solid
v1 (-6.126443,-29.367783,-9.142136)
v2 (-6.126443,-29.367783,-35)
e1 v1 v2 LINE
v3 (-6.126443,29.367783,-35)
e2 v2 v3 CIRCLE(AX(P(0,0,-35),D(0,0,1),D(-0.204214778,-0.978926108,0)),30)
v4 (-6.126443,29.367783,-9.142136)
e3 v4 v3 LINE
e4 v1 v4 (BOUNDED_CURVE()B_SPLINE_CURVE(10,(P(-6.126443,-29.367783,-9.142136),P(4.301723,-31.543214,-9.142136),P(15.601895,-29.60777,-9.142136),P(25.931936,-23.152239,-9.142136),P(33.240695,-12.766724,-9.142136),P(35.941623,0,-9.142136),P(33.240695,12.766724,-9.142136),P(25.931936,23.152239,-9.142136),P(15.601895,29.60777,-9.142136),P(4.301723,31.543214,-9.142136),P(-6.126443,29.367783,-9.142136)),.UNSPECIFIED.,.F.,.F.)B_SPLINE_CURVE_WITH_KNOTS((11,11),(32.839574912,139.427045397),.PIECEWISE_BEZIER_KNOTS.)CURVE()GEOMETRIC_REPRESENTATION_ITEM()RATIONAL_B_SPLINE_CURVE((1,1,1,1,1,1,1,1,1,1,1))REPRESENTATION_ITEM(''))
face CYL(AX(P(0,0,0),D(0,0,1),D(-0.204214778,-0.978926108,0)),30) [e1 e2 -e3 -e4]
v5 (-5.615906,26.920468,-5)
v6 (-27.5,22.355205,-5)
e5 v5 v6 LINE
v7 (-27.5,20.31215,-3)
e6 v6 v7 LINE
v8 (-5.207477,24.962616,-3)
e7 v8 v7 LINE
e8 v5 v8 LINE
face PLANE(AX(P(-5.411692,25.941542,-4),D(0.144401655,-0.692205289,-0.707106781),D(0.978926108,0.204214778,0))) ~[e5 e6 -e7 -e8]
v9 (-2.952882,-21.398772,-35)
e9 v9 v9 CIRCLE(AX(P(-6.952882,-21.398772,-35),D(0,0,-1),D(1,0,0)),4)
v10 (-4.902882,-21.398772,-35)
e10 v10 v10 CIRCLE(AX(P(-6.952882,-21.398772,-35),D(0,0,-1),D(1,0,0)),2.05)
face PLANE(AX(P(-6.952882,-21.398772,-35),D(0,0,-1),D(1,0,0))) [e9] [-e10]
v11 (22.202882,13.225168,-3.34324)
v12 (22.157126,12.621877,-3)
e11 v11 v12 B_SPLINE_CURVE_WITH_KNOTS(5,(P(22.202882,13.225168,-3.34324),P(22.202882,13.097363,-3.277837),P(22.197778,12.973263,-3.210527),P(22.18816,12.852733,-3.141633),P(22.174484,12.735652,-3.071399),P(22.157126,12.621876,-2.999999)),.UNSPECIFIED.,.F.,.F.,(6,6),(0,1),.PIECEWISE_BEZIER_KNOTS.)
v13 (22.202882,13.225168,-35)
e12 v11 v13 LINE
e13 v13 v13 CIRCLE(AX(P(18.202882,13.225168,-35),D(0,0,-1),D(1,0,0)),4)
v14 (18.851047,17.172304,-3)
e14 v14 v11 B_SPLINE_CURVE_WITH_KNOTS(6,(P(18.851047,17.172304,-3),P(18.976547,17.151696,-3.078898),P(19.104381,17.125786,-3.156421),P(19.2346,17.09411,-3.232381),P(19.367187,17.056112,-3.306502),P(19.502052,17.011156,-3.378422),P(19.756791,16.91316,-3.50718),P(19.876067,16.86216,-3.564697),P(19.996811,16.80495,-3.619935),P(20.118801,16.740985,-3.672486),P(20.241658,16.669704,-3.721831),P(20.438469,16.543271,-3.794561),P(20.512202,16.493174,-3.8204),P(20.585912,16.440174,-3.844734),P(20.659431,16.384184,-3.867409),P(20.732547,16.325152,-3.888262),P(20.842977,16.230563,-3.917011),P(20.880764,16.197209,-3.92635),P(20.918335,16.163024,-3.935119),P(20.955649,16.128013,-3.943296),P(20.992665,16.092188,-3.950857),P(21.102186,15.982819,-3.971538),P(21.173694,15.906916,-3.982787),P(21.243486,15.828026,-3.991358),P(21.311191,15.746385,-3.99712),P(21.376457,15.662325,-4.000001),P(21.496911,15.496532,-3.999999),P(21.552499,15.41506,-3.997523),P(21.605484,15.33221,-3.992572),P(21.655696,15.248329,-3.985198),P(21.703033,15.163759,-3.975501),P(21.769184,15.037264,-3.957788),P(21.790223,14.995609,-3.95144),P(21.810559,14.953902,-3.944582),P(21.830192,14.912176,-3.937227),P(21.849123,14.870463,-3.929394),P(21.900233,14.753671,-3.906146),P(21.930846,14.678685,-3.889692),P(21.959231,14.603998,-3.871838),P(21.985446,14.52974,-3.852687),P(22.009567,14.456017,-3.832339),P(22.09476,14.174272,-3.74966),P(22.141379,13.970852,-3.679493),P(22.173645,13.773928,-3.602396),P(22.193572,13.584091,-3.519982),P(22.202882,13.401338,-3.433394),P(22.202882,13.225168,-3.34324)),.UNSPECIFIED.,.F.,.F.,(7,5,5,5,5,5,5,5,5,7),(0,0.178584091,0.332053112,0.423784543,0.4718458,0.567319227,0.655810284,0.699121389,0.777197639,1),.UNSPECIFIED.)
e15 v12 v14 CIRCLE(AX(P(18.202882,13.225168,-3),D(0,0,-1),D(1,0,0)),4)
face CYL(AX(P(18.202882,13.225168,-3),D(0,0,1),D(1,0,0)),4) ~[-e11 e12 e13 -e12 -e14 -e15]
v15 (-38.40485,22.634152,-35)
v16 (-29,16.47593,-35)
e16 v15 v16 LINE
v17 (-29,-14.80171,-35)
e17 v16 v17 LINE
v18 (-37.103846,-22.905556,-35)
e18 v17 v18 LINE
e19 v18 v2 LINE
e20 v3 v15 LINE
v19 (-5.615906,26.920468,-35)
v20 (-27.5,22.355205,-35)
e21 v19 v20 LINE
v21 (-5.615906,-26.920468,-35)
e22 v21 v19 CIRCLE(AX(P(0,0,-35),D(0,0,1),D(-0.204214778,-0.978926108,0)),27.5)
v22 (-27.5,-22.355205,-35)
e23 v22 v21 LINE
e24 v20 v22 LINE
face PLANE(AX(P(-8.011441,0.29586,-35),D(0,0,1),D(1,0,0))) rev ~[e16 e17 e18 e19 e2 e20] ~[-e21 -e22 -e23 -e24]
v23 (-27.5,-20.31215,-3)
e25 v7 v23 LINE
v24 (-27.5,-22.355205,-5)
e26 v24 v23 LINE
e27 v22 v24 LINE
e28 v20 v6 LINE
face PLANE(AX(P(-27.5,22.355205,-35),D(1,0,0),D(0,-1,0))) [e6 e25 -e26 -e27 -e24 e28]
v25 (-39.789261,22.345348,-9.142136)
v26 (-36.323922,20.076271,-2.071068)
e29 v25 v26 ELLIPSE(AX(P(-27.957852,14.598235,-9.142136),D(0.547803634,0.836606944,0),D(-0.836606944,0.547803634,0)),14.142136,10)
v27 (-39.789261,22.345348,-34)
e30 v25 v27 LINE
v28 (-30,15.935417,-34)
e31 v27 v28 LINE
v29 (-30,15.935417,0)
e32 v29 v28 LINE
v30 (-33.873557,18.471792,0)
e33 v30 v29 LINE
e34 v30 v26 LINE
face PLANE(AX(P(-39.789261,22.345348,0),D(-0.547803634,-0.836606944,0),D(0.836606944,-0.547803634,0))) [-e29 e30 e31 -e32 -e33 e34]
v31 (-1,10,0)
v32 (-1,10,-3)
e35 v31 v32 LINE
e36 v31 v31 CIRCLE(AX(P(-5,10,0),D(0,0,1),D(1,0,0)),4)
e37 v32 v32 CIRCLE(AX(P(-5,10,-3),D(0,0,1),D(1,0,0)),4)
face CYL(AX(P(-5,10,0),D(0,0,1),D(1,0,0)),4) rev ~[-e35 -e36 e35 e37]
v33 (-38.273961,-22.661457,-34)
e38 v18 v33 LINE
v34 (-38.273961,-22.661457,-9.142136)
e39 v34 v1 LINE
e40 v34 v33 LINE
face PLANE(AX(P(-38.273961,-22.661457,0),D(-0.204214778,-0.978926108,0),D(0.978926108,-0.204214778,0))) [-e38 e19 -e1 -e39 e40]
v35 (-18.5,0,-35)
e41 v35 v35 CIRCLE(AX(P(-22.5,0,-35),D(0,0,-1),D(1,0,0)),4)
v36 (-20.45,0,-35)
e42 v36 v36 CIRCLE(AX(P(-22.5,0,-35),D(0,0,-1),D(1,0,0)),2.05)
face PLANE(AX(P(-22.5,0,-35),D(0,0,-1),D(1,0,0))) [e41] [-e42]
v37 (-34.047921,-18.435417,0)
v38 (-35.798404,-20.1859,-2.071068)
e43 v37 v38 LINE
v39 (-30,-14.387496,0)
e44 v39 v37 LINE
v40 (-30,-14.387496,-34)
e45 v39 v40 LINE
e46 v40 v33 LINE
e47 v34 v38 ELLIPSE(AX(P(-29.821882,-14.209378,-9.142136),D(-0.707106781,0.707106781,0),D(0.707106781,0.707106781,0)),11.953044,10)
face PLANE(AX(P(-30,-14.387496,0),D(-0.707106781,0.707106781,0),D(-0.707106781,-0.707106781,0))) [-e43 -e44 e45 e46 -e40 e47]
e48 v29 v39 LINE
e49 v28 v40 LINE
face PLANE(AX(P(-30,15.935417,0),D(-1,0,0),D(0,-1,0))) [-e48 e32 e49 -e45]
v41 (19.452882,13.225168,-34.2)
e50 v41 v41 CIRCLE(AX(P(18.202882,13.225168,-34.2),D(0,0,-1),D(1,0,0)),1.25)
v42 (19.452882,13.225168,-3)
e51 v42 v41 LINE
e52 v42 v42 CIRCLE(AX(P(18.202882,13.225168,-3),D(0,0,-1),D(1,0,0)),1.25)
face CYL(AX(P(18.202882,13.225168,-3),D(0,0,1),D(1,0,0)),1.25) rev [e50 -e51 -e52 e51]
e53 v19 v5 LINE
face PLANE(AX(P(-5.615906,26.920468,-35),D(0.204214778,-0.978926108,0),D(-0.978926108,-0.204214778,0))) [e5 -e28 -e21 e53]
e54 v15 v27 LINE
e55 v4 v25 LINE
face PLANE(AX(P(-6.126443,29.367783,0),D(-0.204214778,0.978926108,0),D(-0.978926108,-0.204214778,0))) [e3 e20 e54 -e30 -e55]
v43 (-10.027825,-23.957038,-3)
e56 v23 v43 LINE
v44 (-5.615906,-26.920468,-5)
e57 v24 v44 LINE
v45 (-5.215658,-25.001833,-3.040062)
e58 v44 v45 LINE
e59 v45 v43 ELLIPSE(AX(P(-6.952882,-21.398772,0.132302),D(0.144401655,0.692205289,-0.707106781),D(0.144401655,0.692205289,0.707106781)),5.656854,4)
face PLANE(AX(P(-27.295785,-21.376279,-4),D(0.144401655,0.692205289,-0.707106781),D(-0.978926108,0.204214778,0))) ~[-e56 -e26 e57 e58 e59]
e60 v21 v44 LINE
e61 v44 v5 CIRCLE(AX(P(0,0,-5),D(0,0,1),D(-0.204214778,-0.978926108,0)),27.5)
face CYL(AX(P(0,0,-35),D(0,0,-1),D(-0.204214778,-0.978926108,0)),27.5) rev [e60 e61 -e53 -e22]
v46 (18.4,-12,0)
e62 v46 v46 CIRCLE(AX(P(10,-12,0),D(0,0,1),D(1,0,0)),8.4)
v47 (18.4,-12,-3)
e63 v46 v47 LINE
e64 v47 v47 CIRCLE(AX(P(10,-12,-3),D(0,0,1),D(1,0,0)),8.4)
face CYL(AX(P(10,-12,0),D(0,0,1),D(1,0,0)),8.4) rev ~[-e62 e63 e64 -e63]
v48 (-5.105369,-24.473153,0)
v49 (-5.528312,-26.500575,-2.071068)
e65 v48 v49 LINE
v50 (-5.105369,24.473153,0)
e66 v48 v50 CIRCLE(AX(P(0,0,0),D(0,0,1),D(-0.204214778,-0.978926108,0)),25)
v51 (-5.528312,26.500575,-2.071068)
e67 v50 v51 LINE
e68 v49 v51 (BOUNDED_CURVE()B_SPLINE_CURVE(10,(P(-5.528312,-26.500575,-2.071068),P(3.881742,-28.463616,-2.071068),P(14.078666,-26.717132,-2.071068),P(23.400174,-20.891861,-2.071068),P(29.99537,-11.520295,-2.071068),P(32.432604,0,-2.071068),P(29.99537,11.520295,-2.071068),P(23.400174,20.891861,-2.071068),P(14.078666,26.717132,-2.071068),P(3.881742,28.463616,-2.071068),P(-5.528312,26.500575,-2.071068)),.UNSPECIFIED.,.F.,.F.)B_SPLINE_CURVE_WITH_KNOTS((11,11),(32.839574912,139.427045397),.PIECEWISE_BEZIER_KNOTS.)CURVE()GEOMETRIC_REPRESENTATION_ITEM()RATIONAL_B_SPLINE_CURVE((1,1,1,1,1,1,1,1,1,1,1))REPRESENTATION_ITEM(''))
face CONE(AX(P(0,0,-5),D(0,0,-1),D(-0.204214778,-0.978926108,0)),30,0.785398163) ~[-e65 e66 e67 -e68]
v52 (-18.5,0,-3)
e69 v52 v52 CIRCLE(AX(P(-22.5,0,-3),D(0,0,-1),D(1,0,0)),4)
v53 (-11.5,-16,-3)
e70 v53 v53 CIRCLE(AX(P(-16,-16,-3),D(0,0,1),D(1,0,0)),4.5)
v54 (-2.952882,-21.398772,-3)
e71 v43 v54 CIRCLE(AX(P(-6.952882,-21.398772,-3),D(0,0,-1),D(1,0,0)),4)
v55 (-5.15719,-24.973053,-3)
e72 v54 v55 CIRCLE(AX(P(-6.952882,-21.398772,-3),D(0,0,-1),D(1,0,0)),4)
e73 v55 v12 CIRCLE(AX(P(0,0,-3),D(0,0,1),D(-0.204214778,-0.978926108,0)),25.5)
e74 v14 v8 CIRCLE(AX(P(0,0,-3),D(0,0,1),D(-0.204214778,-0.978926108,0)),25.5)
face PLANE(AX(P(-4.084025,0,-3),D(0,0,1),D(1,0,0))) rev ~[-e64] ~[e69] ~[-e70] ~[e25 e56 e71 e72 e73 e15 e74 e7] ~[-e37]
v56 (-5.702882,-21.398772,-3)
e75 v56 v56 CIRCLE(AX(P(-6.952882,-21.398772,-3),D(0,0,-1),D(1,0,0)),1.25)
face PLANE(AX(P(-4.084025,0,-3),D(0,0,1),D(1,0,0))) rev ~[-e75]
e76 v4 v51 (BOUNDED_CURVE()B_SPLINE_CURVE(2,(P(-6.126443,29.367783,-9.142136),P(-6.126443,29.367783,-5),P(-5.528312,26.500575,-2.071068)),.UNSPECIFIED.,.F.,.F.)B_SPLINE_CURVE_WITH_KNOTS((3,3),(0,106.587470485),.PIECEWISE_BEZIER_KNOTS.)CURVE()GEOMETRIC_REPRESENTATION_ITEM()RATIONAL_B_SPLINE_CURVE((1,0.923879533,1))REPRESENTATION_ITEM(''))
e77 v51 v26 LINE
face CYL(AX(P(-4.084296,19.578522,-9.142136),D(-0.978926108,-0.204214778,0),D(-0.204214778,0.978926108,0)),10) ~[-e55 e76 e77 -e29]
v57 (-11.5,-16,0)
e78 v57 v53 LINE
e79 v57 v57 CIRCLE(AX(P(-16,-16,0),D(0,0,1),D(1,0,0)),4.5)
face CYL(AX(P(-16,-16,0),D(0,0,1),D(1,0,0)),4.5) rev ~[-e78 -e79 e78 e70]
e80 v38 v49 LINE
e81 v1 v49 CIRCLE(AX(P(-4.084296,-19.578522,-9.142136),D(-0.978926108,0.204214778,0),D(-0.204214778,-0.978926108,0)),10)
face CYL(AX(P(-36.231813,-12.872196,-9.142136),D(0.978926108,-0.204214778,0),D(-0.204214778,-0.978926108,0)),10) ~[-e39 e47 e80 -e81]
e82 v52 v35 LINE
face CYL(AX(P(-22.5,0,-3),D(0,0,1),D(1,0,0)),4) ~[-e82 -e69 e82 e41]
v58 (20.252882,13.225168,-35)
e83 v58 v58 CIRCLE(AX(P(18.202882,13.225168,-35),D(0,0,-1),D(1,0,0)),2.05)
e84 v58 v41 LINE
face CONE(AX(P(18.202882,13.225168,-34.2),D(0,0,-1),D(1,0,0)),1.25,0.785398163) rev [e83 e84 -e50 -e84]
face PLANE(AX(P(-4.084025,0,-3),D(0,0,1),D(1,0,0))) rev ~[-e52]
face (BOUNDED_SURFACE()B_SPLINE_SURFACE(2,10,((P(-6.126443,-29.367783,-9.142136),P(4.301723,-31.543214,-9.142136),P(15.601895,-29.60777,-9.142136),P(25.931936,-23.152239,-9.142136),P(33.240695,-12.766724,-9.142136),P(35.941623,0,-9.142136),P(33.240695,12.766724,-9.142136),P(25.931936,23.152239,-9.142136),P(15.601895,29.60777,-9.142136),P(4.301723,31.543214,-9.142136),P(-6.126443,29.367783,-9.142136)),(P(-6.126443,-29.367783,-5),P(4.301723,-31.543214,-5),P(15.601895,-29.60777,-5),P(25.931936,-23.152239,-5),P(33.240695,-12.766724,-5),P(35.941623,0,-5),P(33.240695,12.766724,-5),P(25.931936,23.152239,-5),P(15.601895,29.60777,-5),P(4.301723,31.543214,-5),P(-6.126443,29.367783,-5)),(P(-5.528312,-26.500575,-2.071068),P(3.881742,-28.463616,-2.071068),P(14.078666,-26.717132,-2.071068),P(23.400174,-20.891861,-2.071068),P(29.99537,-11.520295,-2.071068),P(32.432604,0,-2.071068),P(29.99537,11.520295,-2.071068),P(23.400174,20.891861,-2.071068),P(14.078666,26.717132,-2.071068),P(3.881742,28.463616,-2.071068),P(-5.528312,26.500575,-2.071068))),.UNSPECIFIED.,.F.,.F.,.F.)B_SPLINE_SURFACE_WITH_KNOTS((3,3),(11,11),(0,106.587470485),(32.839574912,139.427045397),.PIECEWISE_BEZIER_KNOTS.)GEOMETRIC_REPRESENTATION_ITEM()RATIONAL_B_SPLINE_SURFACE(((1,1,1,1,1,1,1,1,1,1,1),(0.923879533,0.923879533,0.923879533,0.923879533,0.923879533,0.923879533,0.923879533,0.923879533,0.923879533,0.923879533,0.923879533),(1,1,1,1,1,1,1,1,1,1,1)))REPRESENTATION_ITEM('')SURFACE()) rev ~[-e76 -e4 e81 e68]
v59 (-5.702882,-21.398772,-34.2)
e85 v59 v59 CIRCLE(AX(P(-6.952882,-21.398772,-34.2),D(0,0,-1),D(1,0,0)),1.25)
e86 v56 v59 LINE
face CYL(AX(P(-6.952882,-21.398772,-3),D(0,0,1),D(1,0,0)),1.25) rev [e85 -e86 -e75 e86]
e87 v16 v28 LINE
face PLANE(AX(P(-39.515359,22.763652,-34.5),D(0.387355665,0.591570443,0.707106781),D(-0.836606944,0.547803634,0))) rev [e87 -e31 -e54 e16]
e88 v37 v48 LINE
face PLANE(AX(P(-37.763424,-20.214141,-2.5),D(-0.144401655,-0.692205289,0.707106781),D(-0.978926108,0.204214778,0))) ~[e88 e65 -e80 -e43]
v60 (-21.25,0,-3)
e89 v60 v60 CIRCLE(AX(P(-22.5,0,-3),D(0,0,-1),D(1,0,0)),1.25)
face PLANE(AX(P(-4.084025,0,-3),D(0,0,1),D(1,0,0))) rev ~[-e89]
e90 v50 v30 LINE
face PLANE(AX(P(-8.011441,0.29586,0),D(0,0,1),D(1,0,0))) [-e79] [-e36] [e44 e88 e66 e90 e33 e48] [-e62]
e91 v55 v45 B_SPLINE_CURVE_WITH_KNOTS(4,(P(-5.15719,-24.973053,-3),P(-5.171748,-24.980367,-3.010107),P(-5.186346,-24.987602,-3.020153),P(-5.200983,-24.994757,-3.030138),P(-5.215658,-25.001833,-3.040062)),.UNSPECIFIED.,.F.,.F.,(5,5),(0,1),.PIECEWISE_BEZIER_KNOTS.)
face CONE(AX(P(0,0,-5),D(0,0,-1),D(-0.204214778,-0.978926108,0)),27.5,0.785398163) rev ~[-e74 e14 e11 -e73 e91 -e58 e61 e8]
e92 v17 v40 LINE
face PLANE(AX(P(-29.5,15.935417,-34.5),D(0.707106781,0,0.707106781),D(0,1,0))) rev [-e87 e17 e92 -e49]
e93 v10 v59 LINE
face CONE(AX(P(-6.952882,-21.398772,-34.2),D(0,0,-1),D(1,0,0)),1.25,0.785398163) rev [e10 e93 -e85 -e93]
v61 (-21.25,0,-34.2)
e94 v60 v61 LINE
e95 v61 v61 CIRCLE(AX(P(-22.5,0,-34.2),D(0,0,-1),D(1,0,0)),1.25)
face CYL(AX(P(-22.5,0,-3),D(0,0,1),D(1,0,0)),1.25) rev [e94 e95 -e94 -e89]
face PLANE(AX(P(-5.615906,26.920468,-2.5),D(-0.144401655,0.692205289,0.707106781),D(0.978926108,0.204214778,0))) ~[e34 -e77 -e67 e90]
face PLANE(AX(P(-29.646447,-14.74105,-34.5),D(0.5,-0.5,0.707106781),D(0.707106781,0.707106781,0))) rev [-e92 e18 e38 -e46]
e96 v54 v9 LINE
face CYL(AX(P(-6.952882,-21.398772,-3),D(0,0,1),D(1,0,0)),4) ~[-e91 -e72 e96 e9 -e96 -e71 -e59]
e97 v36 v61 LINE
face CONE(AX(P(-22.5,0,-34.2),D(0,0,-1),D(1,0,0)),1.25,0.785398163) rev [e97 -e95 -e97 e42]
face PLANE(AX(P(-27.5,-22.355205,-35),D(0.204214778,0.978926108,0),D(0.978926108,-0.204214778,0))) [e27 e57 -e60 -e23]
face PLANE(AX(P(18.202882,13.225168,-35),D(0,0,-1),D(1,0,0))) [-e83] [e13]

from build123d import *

# Parameters (mm, degrees)
CROQUIS13_R             = 4.5
CROQUIS13_R_2           = 8.4
CROQUIS13_R_3           = 4
SALIENTE_EXTRUIR5_DEPTH = 35
CORTAR_EXTRUIR7_DEPTH   = 32
CHAFL_N6_SIZE           = 5
CHAFL_N7_SIZE           = 2
CROQUIS15_R             = 4
CROQUIS15_R_2           = 1.25
SALIENTE_EXTRUIR9_DEPTH = 32
CHAFL_N8_SIZE           = 0.8
REDONDEO1_R             = 10
CHAFL_N9_SIZE           = 1


with BuildPart() as part:
    # Croquis13 → Saliente-Extruir5 (new body)
    with BuildSketch(Plane.XY):
        with BuildLine():
            Line((-6.126443354, 29.36778323), (-39.789261077, 22.345348329))
            Line((-39.789261077, 22.345348329), (-30, 15.935417314))
            Line((-30, 15.935417314), (-30, -14.387496114))
            Line((-30, -14.387496114), (-38.2739606, -22.661456714))
            Line((-38.2739606, -22.661456714), (-6.126443354, -29.36778323))
            ThreePointArc((-6.126443354, -29.36778323), (30, 0), (-6.126443354, 29.36778323))
        make_face()
        with Locations((-16, -16)):
            Circle(CROQUIS13_R, mode=Mode.SUBTRACT)
        with Locations((10, -12)):
            Circle(CROQUIS13_R_2, mode=Mode.SUBTRACT)
        with Locations((-5, 10)):
            Circle(CROQUIS13_R_3, mode=Mode.SUBTRACT)
    extrude(amount=-SALIENTE_EXTRUIR5_DEPTH)

    # Croquis14 → Cortar-Extruir7 (cut)
    with BuildSketch(Plane(origin=(0, 0, -35), x_dir=(-1, 0, 0), z_dir=(0, 0, -1))):
        with BuildLine():
            Line((27.5, -22.355204771), (5.615906408, -26.920467961))
            ThreePointArc((5.615906408, -26.920467961), (-27.5, 0), (5.615906408, 26.920467961))
            Line((5.615906408, 26.920467961), (27.5, 22.355204771))
            Line((27.5, 22.355204771), (27.5, -22.355204771))
        make_face()
    extrude(amount=-CORTAR_EXTRUIR7_DEPTH, mode=Mode.SUBTRACT)

    # Chaflán6
    chafl_n6_edges = [part.edges().sort_by_distance(p)[0] for p in [
        (-22.200201977, -26.014619972, 0),
        (-22.957852215, 25.856565779, 0),
        (30, 0, 0),
    ]]
    chamfer(chafl_n6_edges, length=CHAFL_N6_SIZE)

    # Chaflán7
    chafl_n7_edges = [part.edges().sort_by_distance(p)[0] for p in [
        (-16.557953204, 24.637836366, -3),
        (27.5, 0, -3),
        (-16.557953204, -24.637836366, -3),
    ]]
    chamfer(chafl_n7_edges, length=CHAFL_N7_SIZE)

    # Croquis15 → Saliente-Extruir9 (add)
    # profile 1 of 3: a face of its own
    with BuildSketch(Plane(origin=(0, 0, -3), x_dir=(-1, 0, 0), z_dir=(0, 0, -1))):
        with Locations(Location((22.5, 0, 0), (0, 0, 180))):
            Circle(CROQUIS15_R)
        with Locations(Location((22.5, 0, 0), (0, 0, 180))):
            Circle(CROQUIS15_R_2, mode=Mode.SUBTRACT)
    # profile 2 of 3: a face of its own
    with BuildSketch(Plane(origin=(0, 0, -3), x_dir=(-1, 0, 0), z_dir=(0, 0, -1))):
        with Locations(Location((6.952882373, -21.398771617, 0), (0, 0, 180))):
            Circle(CROQUIS15_R)
        with Locations(Location((6.952882373, -21.398771617, 0), (0, 0, 180))):
            Circle(CROQUIS15_R_2, mode=Mode.SUBTRACT)
    # profile 3 of 3: a face of its own
    with BuildSketch(Plane(origin=(0, 0, -3), x_dir=(-1, 0, 0), z_dir=(0, 0, -1))):
        with Locations(Location((-18.202882373, 13.225168177, 0), (0, 0, 180))):
            Circle(CROQUIS15_R)
        with Locations(Location((-18.202882373, 13.225168177, 0), (0, 0, 180))):
            Circle(CROQUIS15_R_2, mode=Mode.SUBTRACT)
    extrude(amount=SALIENTE_EXTRUIR9_DEPTH)

    # Chaflán8
    chafl_n8_edges = [part.edges().sort_by_distance(p)[0] for p in [
        (-23.75, 0, -35),
        (-8.202882373, -21.398771617, -35),
        (16.952882373, 13.225168177, -35),
    ]]
    chamfer(chafl_n8_edges, length=CHAFL_N8_SIZE)

    # Redondeo1
    redondeo1_edges = [part.edges().sort_by_distance(p)[0] for p in [
        (-22.957852215, 25.856565779, -5),
        (30, 0, -5),
        (-22.200201977, -26.014619972, -5),
    ]]
    fillet(redondeo1_edges, radius=REDONDEO1_R)

    # Chaflán9
    chafl_n9_edges = [part.edges().sort_by_distance(p)[0] for p in [
        (-34.894630538, 19.140382822, -35),
        (-30, 0.7739606, -35),
        (-34.1369803, -18.524476414, -35),
    ]]
    chamfer(chafl_n9_edges, length=CHAFL_N9_SIZE)


solid = part.part
